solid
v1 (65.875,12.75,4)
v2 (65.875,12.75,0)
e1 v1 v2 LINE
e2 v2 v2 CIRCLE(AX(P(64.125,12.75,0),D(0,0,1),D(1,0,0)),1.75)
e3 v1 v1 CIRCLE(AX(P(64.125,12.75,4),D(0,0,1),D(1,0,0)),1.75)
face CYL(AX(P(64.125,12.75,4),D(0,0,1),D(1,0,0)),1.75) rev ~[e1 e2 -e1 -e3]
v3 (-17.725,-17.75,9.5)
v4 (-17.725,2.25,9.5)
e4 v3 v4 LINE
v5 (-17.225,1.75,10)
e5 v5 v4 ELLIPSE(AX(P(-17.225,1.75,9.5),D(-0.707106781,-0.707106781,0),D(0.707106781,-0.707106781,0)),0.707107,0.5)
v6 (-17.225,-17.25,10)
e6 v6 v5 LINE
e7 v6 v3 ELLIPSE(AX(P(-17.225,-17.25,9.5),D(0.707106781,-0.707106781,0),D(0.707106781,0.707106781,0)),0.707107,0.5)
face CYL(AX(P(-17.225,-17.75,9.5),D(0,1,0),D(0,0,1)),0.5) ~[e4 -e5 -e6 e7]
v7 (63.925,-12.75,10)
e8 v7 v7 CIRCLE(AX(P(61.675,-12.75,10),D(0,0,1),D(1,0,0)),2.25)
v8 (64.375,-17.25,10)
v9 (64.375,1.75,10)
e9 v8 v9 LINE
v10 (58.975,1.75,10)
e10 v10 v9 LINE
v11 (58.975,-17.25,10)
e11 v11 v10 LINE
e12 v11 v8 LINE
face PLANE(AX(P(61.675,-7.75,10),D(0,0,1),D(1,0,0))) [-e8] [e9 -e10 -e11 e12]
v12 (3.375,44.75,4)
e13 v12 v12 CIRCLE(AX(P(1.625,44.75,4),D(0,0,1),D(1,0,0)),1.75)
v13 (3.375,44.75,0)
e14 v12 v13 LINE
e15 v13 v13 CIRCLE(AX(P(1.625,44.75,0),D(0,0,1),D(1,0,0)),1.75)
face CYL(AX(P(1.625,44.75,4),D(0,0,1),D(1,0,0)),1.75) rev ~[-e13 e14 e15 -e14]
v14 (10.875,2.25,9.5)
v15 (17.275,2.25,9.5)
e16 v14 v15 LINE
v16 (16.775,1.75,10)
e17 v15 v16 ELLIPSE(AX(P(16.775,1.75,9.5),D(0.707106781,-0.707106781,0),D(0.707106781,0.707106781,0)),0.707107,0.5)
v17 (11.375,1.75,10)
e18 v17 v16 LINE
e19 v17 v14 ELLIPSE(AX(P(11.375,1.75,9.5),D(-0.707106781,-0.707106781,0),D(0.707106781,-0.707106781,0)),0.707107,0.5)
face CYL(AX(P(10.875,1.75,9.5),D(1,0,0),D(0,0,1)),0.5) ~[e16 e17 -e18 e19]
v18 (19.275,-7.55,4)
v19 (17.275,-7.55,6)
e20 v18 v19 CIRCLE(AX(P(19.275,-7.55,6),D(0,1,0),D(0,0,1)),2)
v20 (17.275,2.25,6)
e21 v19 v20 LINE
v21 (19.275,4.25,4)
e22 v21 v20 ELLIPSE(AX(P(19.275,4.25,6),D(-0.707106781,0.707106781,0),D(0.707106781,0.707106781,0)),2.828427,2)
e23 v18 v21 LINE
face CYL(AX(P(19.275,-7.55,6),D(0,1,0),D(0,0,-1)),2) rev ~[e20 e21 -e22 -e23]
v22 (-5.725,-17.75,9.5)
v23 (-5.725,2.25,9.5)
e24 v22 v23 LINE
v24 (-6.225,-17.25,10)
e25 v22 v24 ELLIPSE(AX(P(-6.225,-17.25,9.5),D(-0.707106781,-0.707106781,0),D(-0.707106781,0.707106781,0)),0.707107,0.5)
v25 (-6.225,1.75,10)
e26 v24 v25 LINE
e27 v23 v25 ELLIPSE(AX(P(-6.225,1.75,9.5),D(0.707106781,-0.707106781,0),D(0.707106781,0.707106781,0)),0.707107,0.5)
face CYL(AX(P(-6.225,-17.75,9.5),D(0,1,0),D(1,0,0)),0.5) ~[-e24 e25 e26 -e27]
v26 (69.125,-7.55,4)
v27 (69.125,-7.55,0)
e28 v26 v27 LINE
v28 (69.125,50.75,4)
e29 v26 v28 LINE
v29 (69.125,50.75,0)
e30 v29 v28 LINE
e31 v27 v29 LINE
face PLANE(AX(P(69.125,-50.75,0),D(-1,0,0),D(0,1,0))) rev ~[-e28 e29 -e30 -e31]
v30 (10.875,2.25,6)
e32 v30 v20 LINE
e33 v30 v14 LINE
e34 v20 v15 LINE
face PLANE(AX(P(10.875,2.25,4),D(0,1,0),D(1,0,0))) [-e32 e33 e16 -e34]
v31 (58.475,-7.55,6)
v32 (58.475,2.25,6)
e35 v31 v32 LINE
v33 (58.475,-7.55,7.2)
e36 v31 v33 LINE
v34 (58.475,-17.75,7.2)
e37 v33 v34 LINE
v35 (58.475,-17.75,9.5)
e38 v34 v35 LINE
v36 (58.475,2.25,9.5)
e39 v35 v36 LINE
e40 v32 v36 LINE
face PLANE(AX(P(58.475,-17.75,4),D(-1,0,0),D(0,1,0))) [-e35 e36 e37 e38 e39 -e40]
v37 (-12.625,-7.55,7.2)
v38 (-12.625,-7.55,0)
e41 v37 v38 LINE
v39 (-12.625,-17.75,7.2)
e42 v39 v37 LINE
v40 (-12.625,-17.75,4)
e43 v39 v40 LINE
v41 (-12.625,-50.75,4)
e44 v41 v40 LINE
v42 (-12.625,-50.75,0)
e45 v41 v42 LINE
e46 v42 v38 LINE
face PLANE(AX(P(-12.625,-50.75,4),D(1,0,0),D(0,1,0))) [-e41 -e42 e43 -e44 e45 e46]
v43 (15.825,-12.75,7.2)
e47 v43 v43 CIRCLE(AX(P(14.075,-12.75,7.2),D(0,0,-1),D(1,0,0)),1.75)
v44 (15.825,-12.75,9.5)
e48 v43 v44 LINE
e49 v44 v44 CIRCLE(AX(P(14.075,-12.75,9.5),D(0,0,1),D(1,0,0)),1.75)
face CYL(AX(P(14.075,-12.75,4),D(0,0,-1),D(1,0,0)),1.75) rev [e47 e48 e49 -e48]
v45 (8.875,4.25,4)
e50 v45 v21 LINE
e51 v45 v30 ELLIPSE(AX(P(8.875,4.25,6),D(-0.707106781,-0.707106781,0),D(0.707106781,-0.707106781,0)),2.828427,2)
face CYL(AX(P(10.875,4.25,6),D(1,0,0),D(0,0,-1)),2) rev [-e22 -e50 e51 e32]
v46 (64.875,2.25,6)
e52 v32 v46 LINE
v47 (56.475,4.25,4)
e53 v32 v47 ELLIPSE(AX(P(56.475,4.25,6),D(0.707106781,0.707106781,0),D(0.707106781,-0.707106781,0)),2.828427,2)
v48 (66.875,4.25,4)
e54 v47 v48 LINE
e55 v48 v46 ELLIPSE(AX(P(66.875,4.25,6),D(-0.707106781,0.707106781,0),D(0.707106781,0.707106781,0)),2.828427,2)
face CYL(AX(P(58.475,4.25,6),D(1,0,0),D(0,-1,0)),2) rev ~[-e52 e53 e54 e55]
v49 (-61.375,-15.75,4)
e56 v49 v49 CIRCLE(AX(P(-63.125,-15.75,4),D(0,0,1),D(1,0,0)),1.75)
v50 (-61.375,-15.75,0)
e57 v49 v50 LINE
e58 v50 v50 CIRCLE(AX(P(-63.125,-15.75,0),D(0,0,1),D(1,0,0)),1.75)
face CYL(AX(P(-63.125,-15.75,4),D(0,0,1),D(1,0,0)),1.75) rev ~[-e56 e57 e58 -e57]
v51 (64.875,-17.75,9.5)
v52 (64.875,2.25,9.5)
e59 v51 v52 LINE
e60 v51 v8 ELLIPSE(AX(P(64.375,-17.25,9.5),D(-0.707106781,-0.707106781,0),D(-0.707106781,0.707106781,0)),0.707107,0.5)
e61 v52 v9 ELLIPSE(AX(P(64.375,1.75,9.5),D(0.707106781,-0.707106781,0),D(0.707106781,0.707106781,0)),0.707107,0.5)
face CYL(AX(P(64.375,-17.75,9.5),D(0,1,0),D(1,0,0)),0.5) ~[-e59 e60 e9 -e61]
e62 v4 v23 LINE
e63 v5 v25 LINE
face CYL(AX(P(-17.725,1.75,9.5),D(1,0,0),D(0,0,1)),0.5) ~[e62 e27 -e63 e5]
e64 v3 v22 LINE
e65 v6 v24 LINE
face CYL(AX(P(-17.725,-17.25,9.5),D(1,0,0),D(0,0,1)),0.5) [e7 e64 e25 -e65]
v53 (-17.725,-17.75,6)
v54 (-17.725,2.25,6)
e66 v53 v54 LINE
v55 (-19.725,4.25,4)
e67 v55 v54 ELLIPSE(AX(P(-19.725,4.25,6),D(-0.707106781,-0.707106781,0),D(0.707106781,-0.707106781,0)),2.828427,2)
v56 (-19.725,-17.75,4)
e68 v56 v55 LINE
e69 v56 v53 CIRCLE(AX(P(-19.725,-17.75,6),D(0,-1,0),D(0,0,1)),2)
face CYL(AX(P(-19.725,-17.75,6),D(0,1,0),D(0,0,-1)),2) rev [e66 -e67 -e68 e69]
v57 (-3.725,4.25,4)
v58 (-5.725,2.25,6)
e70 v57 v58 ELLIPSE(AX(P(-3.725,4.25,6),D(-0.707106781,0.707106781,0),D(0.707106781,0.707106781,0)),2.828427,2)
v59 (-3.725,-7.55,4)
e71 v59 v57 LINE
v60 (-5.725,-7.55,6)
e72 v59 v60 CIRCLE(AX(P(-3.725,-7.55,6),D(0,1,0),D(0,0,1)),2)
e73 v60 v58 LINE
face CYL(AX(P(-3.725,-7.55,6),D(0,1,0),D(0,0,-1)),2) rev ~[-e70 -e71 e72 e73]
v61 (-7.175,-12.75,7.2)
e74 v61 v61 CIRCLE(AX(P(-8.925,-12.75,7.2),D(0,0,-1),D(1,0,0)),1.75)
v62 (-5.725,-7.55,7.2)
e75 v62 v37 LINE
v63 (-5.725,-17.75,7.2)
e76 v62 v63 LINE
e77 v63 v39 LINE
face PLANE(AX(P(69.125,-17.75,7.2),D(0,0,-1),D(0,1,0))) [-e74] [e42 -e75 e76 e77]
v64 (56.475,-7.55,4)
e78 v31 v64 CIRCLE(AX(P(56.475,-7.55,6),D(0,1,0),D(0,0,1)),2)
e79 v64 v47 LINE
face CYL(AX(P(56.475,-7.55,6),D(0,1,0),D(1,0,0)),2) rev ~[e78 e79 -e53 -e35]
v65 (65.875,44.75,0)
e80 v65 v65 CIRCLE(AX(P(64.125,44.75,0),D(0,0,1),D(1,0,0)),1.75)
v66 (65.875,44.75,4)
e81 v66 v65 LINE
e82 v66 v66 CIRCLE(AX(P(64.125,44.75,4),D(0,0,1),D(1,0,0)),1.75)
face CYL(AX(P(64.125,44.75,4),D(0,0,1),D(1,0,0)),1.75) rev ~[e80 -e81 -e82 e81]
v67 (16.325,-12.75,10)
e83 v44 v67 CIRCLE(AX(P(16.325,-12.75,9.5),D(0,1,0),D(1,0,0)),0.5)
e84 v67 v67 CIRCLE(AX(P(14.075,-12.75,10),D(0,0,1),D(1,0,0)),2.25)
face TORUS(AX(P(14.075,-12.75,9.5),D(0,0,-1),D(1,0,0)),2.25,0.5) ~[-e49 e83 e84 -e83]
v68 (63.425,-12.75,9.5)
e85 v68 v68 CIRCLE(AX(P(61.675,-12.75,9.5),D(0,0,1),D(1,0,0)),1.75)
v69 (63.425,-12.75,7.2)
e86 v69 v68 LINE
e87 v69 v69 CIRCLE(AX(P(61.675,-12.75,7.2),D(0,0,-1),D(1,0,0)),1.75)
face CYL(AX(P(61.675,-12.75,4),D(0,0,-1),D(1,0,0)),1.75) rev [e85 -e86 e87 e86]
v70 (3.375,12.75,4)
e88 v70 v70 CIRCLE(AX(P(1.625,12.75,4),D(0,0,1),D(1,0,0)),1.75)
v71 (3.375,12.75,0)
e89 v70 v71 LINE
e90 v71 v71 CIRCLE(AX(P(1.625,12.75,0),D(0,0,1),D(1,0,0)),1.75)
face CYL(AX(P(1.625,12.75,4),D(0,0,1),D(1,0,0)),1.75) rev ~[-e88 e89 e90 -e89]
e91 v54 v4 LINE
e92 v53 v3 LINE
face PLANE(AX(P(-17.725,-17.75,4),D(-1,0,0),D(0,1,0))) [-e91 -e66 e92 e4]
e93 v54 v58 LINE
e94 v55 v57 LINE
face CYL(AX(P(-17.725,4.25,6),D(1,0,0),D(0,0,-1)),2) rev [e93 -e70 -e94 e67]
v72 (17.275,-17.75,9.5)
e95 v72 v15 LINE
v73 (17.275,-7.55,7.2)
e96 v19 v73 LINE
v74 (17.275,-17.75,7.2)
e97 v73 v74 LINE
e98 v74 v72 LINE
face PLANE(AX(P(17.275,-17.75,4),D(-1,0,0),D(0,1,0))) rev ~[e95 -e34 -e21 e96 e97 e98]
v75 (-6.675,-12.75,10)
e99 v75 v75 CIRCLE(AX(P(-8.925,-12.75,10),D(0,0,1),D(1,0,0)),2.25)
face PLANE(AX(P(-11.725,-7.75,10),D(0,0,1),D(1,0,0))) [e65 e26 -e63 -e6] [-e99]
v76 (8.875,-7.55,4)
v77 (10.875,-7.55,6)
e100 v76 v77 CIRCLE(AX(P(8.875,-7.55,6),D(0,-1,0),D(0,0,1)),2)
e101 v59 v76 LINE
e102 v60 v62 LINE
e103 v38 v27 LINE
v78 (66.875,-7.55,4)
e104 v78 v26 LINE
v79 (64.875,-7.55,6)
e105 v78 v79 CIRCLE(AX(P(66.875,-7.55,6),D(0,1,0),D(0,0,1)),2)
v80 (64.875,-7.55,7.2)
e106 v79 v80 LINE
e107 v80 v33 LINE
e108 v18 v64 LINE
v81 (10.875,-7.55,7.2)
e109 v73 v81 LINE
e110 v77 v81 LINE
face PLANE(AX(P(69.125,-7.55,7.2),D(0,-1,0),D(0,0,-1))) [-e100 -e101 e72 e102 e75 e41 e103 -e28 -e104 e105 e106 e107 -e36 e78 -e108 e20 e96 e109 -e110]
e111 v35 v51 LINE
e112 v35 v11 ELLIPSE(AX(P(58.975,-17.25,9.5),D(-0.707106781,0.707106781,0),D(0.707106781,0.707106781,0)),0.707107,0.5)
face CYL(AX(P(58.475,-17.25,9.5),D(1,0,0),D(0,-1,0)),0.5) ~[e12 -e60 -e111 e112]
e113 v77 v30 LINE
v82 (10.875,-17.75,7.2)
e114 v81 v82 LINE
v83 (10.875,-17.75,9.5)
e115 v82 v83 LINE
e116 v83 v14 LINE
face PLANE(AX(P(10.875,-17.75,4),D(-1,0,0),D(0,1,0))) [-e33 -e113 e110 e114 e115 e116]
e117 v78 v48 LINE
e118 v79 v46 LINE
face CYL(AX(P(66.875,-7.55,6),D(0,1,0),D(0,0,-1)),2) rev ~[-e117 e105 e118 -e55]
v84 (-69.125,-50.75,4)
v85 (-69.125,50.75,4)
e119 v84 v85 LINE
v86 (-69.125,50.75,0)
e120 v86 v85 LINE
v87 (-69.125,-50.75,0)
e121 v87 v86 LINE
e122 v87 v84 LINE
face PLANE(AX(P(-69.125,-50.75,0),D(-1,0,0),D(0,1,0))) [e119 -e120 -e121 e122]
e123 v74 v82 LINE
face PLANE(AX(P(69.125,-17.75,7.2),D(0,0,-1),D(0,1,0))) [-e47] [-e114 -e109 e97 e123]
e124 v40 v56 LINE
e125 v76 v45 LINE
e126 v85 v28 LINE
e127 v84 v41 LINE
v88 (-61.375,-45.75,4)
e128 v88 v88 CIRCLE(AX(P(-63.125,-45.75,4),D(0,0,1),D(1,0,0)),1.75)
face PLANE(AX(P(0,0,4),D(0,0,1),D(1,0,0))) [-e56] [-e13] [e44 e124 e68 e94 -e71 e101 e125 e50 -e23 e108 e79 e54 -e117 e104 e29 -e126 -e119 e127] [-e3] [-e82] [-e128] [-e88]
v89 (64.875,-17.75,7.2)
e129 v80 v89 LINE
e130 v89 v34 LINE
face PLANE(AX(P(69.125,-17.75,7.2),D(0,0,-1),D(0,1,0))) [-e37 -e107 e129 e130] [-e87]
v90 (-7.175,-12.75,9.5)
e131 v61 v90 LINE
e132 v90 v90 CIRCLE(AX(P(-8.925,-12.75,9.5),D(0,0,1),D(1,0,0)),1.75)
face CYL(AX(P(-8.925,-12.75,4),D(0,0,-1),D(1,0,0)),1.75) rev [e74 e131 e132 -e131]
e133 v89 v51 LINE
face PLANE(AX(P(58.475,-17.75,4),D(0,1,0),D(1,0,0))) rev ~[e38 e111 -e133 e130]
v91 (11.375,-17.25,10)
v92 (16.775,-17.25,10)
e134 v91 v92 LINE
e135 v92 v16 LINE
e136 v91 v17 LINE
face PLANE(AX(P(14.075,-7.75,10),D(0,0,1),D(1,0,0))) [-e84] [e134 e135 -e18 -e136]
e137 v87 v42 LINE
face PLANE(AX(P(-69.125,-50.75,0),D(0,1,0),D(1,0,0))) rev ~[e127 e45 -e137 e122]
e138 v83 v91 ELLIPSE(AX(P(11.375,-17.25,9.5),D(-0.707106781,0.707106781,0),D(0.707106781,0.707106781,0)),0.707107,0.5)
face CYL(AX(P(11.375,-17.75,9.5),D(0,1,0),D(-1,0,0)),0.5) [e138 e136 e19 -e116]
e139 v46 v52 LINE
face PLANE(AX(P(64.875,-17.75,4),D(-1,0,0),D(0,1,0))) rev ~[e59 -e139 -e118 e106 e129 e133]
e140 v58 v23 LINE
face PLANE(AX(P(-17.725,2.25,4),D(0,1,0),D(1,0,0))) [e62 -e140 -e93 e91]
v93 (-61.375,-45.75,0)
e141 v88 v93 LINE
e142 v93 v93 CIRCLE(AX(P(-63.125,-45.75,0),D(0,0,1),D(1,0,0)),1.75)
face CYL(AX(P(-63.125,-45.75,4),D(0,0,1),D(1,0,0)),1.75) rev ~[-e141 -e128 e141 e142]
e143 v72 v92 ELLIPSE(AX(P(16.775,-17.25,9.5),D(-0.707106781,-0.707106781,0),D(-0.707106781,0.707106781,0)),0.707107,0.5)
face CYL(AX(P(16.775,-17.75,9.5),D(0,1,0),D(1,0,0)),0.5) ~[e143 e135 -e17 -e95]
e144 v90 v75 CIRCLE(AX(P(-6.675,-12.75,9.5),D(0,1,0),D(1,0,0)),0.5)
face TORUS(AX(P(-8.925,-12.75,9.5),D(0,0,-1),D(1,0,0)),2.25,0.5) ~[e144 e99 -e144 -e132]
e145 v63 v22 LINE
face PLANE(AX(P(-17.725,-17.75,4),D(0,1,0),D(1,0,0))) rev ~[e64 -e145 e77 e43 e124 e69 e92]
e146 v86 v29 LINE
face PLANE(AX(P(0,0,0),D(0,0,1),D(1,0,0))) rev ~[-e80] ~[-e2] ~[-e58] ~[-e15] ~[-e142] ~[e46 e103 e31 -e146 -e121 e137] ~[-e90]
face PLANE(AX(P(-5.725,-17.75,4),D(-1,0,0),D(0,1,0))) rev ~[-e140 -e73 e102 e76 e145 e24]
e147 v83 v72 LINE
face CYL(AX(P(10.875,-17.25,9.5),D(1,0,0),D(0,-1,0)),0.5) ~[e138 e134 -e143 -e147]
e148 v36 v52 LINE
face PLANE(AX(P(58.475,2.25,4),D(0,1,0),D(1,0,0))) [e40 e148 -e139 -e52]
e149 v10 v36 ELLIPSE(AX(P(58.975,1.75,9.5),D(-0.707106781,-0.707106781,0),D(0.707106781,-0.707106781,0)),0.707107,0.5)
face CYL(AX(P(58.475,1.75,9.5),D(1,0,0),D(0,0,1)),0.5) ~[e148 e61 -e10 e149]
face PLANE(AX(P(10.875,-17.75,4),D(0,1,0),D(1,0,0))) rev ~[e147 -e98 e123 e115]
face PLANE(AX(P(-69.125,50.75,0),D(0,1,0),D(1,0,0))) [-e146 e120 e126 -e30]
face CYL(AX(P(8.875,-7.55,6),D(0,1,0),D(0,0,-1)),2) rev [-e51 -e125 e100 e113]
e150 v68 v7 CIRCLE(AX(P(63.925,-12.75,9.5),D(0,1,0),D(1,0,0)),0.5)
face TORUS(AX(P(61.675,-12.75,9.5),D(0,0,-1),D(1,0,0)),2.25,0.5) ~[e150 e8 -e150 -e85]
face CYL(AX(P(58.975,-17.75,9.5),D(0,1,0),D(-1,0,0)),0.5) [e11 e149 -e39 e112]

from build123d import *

# Parameters (mm, degrees)
SKETCH_1_W          = 138.25
SKETCH_1_H          = 101.5
EXTRUDE_1_DEPTH     = 4
SKETCH_2_W          = 81.75
SKETCH_2_H          = 43.2
CUT_EXTRUDE_1_DEPTH = 5
SKETCH_3_R          = 1.75
CUT_EXTRUDE_2_DEPTH = 5
SKETCH_4_W          = 6.4
SKETCH_4_H          = 20
SKETCH_4_R          = 1.75
SKETCH_4_W_2        = 12
EXTRUDE_6_DEPTH     = 6
FILLET_3_R          = 2
SKETCH_5_W          = 3.2
SKETCH_5_H          = 10.2
CUT_EXTRUDE_3_DEPTH = 81.75
FILLET_4_R          = 0.5


with BuildPart() as part:
    # ｽｹｯﾁ1 → ﾎﾞｽ - 押し出し1 (new body)
    with BuildSketch(Plane.XY):
        Rectangle(SKETCH_1_W, SKETCH_1_H)
    extrude(amount=EXTRUDE_1_DEPTH)

    # ｽｹｯﾁ2 → ｶｯﾄ - 押し出し1 (cut, through all)
    with BuildSketch(Plane.XY.offset(4)):
        with Locations((28.25, -29.15)):
            Rectangle(SKETCH_2_W, SKETCH_2_H)
    extrude(amount=-CUT_EXTRUDE_1_DEPTH, mode=Mode.SUBTRACT)

    # ｽｹｯﾁ3 → ｶｯﾄ - 押し出し2 (cut, through all)
    with BuildSketch(Plane.XY.offset(4)):
        with Locations((-63.125, -45.75)):
            Circle(SKETCH_3_R)
        with Locations((-63.125, -15.75)):
            Circle(SKETCH_3_R)
        with Locations((64.125, 44.75)):
            Circle(SKETCH_3_R)
        with Locations((64.125, 12.75)):
            Circle(SKETCH_3_R)
        with Locations((1.625, 44.75)):
            Circle(SKETCH_3_R)
        with Locations((1.625, 12.75)):
            Circle(SKETCH_3_R)
    extrude(amount=-CUT_EXTRUDE_2_DEPTH, mode=Mode.SUBTRACT)

    # ｽｹｯﾁ4 → ﾎﾞｽ - 押し出し6 (add)
    with BuildSketch(Plane.XY.offset(4)):
        with Locations((61.675, -7.75)):
            Rectangle(SKETCH_4_W, SKETCH_4_H)
        with Locations((61.675, -12.75)):
            Circle(SKETCH_4_R, mode=Mode.SUBTRACT)
        with Locations((14.075, -7.75)):
            Rectangle(SKETCH_4_W, SKETCH_4_H)
        with Locations((14.075, -12.75)):
            Circle(SKETCH_4_R, mode=Mode.SUBTRACT)
        with Locations((-11.725, -7.75)):
            Rectangle(SKETCH_4_W_2, SKETCH_4_H)
        with Locations((-8.925, -12.75)):
            Circle(SKETCH_4_R, mode=Mode.SUBTRACT)
    extrude(amount=EXTRUDE_6_DEPTH)

    # ﾌｨﾚｯﾄ3
    fillet_3_edges = [part.edges().sort_by_distance(p)[0] for p in [
        (64.875, -2.65, 4),
        (61.675, 2.25, 4),
        (58.475, -2.65, 4),
        (17.275, -2.65, 4),
        (14.075, 2.25, 4),
        (10.875, -2.65, 4),
        (-5.725, -2.65, 4),
        (-11.725, 2.25, 4),
        (-17.725, -7.75, 4),
    ]]
    fillet(fillet_3_edges, radius=FILLET_3_R)

    # ｽｹｯﾁ5 → ｶｯﾄ - 押し出し3 (cut)
    with BuildSketch(Plane(origin=(69.125, 0, 0), x_dir=(0, 0, -1), z_dir=(1, 0, 0))):
        with Locations((-5.6, -12.65)):
            Rectangle(SKETCH_5_W, SKETCH_5_H)
    extrude(amount=-CUT_EXTRUDE_3_DEPTH, mode=Mode.SUBTRACT)

    # ﾌｨﾚｯﾄ4
    fillet_4_edges = [part.edges().sort_by_distance(p)[0] for p in [
        (64.875, -7.75, 10),
        (61.675, 2.25, 10),
        (58.475, -7.75, 10),
        (61.675, -17.75, 10),
        (59.925, -12.75, 10),
        (17.275, -7.75, 10),
        (14.075, 2.25, 10),
        (10.875, -7.75, 10),
        (14.075, -17.75, 10),
        (12.325, -12.75, 10),
        (-5.725, -7.75, 10),
        (-11.725, 2.25, 10),
        (-17.725, -7.75, 10),
        (-11.725, -17.75, 10),
        (-10.675, -12.75, 10),
    ]]
    fillet(fillet_4_edges, radius=FILLET_4_R)


solid = part.part
